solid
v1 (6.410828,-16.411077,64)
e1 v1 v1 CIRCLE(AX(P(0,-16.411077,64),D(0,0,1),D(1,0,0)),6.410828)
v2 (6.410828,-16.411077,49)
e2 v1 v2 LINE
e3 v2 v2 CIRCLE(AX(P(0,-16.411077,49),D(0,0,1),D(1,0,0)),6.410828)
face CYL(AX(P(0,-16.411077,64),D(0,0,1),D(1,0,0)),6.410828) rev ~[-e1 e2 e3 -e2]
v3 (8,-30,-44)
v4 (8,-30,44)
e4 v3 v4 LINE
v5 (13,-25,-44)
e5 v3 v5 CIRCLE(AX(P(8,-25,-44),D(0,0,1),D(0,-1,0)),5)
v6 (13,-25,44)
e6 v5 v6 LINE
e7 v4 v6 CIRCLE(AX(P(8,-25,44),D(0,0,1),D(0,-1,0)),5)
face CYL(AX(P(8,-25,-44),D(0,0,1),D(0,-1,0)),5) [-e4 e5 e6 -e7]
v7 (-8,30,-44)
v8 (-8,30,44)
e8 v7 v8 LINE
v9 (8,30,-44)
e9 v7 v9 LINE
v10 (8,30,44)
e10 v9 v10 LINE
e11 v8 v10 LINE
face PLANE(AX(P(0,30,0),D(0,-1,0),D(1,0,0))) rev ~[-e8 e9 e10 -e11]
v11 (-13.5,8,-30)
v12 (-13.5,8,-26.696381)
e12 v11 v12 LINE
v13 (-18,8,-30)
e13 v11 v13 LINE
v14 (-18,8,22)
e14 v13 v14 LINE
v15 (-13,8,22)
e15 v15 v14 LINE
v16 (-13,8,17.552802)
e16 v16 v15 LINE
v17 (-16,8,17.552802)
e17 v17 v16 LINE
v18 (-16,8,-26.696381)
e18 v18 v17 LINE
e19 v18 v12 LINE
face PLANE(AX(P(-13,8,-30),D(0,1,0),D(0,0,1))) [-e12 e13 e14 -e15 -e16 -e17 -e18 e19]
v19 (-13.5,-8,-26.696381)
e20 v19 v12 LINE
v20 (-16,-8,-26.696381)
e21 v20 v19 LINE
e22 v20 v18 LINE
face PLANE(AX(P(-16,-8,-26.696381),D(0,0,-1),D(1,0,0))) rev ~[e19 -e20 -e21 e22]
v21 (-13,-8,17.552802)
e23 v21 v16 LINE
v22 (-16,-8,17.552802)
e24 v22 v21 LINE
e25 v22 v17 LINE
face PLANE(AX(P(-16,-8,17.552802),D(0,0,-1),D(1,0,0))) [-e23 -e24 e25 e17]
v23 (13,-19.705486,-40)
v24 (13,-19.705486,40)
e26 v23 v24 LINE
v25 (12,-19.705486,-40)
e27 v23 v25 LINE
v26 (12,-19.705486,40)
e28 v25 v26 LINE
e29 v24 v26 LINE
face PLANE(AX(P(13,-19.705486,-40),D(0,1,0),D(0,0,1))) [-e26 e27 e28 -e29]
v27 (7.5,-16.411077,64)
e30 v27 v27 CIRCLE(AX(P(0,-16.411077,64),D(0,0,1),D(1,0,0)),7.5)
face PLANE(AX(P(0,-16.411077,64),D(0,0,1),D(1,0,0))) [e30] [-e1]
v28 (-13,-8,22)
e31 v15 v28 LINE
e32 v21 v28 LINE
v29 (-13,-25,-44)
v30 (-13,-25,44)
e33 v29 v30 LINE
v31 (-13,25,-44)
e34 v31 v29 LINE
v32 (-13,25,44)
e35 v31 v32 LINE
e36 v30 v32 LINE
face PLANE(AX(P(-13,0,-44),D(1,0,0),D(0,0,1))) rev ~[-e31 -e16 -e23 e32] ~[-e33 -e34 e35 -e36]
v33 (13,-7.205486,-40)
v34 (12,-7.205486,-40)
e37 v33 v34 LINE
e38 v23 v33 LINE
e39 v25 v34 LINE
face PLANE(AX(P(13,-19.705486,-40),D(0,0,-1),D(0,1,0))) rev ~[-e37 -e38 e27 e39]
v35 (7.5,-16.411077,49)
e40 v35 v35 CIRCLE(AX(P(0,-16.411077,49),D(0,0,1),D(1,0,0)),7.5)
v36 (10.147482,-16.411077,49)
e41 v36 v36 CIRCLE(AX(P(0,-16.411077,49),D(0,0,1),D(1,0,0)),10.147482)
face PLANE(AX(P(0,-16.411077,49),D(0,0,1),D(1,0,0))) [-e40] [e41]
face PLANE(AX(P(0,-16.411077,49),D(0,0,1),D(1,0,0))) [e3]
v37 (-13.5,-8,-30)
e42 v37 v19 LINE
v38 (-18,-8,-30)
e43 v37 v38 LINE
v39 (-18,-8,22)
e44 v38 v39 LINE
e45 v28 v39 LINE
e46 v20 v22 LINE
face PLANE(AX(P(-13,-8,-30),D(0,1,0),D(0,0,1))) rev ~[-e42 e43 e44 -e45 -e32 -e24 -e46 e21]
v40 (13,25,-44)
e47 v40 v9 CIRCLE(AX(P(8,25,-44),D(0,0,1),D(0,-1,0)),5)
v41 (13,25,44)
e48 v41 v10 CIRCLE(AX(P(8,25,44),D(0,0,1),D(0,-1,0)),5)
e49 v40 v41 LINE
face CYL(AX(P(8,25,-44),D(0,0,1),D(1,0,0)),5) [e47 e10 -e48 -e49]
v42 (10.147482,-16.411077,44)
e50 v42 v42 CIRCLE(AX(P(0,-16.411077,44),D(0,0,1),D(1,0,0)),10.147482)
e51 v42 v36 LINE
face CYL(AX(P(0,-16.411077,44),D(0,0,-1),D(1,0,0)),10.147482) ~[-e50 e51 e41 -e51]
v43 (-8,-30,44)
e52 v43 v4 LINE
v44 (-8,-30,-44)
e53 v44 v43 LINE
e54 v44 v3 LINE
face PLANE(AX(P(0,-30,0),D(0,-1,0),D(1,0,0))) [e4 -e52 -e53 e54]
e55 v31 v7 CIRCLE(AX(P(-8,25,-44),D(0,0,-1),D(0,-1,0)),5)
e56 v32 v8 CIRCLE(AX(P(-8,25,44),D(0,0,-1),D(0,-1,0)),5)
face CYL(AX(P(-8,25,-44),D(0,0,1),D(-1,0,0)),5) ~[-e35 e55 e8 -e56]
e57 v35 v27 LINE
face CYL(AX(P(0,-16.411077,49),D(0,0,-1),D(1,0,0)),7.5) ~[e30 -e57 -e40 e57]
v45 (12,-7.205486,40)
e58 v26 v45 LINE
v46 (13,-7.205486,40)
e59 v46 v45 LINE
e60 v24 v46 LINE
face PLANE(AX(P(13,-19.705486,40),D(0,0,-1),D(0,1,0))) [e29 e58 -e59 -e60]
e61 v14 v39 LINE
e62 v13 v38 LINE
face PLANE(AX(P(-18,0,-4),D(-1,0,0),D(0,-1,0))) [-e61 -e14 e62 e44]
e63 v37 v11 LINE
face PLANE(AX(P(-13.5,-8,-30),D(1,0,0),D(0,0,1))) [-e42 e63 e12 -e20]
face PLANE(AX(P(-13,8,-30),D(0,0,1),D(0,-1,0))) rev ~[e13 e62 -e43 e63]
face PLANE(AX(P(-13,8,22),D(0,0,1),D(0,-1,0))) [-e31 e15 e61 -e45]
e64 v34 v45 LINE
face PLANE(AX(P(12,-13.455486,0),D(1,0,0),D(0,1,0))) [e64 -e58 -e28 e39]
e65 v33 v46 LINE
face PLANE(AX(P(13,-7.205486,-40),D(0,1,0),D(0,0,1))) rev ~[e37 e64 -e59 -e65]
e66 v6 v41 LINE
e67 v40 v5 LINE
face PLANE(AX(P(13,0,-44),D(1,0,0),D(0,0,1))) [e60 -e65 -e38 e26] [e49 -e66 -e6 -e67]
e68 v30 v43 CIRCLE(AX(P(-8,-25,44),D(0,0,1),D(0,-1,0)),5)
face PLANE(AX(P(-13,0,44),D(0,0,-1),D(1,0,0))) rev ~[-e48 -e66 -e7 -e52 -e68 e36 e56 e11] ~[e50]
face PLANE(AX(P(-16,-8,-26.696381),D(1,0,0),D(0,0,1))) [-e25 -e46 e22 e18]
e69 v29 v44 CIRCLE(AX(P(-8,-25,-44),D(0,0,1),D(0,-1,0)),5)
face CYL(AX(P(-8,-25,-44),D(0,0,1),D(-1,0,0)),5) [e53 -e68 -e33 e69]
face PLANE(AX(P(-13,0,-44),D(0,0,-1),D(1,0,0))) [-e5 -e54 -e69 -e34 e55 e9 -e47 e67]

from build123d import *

# Parameters (mm, degrees)
F0_W      = 26
F0_H      = 88
F1_DEPTH  = 30
F2_DEPTH  = 30
F3_R      = 5
F4_R      = 10.1474815612
F5_DEPTH  = 5
F6_R      = 7.5
F7_DEPTH  = 15
F8_R      = 6.4108279614
F9_DEPTH  = 15
F10_W     = 12.5
F10_H     = 80
F11_DEPTH = 1
F12_W     = 16
F12_H     = 52
F13_DEPTH = 5
F14_W     = 3
F14_H     = 44.2491837641
F15_DEPTH = 16
F16_W     = 0.5
F16_H     = 3.3036185751
F17_DEPTH = 16


with BuildPart() as f1:
    # F0 (on Front) → F1 (new body)
    with BuildSketch(Plane.XZ):
        Rectangle(F0_W, F0_H)
    extrude(amount=F1_DEPTH)

    # F2 (add): a face of the model
    f2_faces = [f1.faces().sort_by_distance(p)[0] for p in [
        (0, 0, 0),
    ]]
    extrude(f2_faces, amount=F2_DEPTH)

    # F3
    f3_edges = [f1.edges().sort_by_distance(p)[0] for p in [
        (13, 30, 0),
        (-13, 30, 0),
        (-13, -30, 0),
        (13, -30, 0),
    ]]
    fillet(f3_edges, radius=F3_R)

    # F4 (on face) → F5 (join)
    with BuildSketch(Plane.XY.offset(44)):
        with Locations((0, -16.4110772312)):
            Circle(F4_R)
    extrude(amount=F5_DEPTH)

    # F6 (on face) → F7 (join)
    with BuildSketch(Plane.XY.offset(49)):
        with Locations((0, -16.4110772312)):
            Circle(F6_R)
    extrude(amount=F7_DEPTH)

    # F8 (on face) → F9 (cut)
    with BuildSketch(Plane.XY.offset(64)):
        with Locations((0, -16.4110772312)):
            Circle(F8_R)
    extrude(amount=-F9_DEPTH, mode=Mode.SUBTRACT)

    # F10 (on face) → F11 (cut)
    with BuildSketch(Plane.YZ.offset(13)):
        with Locations((-13.4554863907, 0)):
            Rectangle(F10_W, F10_H)
    extrude(amount=-F11_DEPTH, mode=Mode.SUBTRACT)

    # F12 (on face) → F13 (join)
    with BuildSketch(Plane(origin=(-13, 0, 0), x_dir=(0, -1, 0), z_dir=(-1, 0, 0))):
        with Locations((0, -4)):
            Rectangle(F12_W, F12_H)
    extrude(amount=F13_DEPTH)

    # F14 (on face) → F15 (cut)
    with BuildSketch(Plane.XZ.offset(8)):
        with Locations((-14.5, -4.5717895428)):
            Rectangle(F14_W, F14_H)
    extrude(amount=-F15_DEPTH, mode=Mode.SUBTRACT)

    # F16 (on face) → F17 (cut)
    with BuildSketch(Plane.XZ.offset(8)):
        with Locations((-13.25, -28.3481907124)):
            Rectangle(F16_W, F16_H)
    extrude(amount=-F17_DEPTH, mode=Mode.SUBTRACT)


solid = f1.part
